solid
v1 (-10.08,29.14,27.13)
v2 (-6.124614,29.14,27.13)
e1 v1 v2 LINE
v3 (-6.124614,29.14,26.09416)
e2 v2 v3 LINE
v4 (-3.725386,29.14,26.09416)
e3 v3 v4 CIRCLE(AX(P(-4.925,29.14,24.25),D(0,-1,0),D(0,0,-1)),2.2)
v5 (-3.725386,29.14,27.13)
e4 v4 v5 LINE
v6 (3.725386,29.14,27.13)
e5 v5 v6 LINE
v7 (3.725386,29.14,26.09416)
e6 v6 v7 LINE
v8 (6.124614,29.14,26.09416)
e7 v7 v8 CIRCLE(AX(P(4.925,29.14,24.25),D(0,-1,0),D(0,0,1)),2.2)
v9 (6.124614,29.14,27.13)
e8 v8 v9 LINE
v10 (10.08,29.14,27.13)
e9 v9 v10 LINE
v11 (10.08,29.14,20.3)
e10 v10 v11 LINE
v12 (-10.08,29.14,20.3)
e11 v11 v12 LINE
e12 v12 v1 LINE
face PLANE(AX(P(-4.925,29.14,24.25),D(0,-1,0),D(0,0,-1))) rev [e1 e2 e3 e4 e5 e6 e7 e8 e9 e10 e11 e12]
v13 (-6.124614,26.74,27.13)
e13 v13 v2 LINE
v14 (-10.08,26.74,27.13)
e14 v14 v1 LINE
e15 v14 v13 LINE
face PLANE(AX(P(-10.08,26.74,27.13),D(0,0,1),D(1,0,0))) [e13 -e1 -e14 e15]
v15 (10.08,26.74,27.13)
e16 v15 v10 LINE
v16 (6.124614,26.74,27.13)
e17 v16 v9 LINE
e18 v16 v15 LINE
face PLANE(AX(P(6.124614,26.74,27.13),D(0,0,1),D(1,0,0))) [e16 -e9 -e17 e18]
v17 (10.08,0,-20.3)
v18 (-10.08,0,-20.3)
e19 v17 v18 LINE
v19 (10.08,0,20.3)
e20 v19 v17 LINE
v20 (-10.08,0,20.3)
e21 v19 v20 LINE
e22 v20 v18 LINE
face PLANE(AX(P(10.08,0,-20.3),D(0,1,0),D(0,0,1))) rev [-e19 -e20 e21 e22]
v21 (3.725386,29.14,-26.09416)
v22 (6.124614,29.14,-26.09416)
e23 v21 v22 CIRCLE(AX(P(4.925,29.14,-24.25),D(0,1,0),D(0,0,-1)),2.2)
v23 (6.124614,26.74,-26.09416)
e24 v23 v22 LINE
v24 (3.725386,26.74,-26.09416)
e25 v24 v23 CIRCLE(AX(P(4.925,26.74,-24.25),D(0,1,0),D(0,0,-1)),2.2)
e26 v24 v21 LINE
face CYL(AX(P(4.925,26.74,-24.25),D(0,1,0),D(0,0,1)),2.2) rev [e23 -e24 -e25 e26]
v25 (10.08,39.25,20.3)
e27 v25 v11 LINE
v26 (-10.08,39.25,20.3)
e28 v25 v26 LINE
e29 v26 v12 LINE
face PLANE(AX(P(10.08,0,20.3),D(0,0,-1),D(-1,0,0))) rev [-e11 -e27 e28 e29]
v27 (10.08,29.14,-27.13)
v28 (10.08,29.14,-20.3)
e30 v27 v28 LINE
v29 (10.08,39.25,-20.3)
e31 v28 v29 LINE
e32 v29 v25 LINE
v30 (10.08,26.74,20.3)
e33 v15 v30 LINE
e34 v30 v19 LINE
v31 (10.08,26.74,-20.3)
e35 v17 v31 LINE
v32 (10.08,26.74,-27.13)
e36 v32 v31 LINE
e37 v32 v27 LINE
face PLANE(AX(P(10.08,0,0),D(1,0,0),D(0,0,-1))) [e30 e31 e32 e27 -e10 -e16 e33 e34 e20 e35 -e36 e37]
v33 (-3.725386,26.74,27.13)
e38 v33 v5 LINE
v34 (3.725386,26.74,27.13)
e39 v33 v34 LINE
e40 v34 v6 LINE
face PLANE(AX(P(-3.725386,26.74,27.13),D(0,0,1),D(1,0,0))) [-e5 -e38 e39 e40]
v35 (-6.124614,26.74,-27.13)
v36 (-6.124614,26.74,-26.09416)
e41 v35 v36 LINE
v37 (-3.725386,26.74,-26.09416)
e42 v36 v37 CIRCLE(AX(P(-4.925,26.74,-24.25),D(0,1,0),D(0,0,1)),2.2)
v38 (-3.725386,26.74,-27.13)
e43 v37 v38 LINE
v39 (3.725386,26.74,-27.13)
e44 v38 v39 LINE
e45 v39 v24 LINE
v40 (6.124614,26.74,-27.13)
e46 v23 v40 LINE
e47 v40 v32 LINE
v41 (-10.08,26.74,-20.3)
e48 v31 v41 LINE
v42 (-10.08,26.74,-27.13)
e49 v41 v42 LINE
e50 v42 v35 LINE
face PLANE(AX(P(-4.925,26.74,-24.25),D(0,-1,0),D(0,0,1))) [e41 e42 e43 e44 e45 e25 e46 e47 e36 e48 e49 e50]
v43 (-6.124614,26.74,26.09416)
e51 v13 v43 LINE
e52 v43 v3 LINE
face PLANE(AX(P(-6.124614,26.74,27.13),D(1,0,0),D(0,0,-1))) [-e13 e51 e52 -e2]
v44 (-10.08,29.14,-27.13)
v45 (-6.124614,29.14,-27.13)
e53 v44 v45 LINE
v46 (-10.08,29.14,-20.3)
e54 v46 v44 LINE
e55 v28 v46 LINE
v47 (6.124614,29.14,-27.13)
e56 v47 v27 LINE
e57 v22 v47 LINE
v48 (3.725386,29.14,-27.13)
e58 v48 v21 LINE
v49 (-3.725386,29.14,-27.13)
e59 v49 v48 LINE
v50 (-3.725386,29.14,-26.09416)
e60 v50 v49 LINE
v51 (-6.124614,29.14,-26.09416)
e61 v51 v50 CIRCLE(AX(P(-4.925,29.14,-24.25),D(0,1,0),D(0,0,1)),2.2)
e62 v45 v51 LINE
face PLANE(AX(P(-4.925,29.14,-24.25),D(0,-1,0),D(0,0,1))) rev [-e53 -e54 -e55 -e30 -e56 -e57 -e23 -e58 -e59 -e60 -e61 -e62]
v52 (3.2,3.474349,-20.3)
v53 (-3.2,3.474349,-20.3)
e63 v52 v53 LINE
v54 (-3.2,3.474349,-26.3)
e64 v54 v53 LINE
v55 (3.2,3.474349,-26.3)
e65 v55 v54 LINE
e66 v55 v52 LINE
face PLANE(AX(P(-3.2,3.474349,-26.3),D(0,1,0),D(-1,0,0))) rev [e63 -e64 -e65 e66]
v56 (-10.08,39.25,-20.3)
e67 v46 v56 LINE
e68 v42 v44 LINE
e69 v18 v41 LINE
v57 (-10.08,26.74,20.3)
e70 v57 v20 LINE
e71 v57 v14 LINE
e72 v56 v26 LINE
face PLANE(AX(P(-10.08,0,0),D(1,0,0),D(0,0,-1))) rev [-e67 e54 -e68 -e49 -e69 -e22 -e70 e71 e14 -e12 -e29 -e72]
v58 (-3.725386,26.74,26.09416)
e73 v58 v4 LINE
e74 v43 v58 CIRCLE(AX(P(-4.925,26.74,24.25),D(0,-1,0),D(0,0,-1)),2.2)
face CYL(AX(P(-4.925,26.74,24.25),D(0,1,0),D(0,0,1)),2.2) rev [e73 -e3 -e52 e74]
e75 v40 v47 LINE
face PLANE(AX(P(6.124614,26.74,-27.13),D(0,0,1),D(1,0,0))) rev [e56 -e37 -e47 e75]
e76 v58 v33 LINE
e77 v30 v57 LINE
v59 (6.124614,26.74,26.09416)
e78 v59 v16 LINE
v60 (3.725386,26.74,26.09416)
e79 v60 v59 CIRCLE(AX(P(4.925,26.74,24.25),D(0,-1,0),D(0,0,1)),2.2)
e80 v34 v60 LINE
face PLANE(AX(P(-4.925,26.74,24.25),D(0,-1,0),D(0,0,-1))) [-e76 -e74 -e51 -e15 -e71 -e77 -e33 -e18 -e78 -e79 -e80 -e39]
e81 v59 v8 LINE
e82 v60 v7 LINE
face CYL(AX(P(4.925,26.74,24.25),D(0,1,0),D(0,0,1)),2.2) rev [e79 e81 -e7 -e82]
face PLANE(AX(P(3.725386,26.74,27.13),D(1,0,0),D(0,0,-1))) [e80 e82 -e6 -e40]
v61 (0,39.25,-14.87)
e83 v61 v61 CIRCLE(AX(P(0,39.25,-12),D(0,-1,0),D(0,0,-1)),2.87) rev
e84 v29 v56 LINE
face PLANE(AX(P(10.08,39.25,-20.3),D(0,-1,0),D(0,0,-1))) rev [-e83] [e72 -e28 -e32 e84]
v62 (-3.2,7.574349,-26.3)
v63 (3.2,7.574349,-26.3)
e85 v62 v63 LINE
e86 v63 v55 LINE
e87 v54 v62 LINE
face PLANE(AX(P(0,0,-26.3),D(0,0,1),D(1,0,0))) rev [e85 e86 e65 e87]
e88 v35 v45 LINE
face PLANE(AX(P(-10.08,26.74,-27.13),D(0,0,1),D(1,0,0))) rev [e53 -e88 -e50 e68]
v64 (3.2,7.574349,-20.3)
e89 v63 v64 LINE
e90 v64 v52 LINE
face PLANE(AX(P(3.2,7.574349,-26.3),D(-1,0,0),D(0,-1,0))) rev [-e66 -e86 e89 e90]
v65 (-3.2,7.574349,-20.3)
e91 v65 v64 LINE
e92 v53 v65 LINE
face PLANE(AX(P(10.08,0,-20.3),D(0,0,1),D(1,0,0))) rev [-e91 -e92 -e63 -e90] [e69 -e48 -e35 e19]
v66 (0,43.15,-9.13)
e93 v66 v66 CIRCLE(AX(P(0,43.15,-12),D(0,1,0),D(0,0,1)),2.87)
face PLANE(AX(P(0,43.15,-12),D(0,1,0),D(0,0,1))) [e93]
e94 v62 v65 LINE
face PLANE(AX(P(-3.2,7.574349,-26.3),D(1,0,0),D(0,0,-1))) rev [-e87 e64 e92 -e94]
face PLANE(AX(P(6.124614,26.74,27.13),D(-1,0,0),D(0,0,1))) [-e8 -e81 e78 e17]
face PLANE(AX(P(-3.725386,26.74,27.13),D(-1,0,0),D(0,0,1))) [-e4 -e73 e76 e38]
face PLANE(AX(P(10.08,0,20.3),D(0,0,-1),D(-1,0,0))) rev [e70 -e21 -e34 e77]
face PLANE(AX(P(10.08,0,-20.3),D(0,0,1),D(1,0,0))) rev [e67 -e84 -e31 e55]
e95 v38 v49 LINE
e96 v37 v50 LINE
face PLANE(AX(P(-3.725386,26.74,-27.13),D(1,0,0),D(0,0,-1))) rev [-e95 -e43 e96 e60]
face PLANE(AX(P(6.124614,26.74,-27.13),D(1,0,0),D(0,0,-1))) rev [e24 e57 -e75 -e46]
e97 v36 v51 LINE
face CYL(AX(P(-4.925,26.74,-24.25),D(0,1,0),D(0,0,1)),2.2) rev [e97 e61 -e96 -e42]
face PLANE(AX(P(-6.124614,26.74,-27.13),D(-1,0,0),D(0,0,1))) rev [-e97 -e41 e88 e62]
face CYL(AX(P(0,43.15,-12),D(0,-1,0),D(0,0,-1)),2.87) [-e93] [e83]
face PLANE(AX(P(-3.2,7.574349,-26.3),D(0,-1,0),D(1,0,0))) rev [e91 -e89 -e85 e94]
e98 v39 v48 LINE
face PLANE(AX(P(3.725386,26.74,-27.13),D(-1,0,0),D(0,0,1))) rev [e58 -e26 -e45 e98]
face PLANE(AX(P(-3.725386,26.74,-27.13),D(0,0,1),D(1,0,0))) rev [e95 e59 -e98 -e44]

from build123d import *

# Parameters (mm, degrees)
SKETCH1_W           = 40.6
SKETCH1_H           = 39.25
BOSS_EXTRUDE1_DEPTH = 10.08
BOSS_EXTRUDE2_DEPTH = 2.4
SKETCH3_W           = 6.4
SKETCH3_H           = 4.1
BOSS_EXTRUDE3_DEPTH = 6
SKETCH4_R           = 2.87
BOSS_EXTRUDE4_DEPTH = 3.9


with BuildPart() as part:
    # Sketch1 → Boss-Extrude1 (new, symmetric)
    with BuildSketch(Plane(origin=(0, 0, 0), x_dir=(0, 0, -1), z_dir=(1, 0, 0))):
        with Locations((0, 19.625)):
            Rectangle(SKETCH1_W, SKETCH1_H)
    extrude(amount=BOSS_EXTRUDE1_DEPTH, both=True)

    # Sketch2 → Boss-Extrude2 (add)
    with BuildSketch(Plane(origin=(0, 29.14, 0), x_dir=(1, 0, 0), z_dir=(0, 1, 0))):
        with BuildLine():
            Line((-10.08, -20.3), (10.08, -20.3))
            Line((10.08, -20.3), (10.08, -27.13))
            Line((10.08, -27.13), (6.124613606, -27.13))
            Line((6.124613606, -27.13), (6.124613606, -26.094160296))
            ThreePointArc((6.124613606, -26.094160296), (4.925, -22.05), (3.725386394, -26.094160296))
            Line((3.725386394, -26.094160296), (3.725386394, -27.13))
            Line((3.725386394, -27.13), (-3.725386394, -27.13))
            Line((-3.725386394, -27.13), (-3.725386394, -26.094160296))
            ThreePointArc((-3.725386394, -26.094160296), (-4.925, -22.05), (-6.124613606, -26.094160296))
            Line((-6.124613606, -26.094160296), (-6.124613606, -27.13))
            Line((-6.124613606, -27.13), (-10.08, -27.13))
            Line((-10.08, -27.13), (-10.08, -20.3))
        make_face()
    boss_extrude2 = extrude(amount=-BOSS_EXTRUDE2_DEPTH)

    # Mirror1: Boss-Extrude2 across plane
    add(boss_extrude2.mirror(Plane.XY))

    # Sketch3 → Boss-Extrude3 (add)
    with BuildSketch(Plane(origin=(0, 0, -20.3), x_dir=(-1, 0, 0), z_dir=(0, 0, -1))):
        with Locations((0, 5.524349408)):
            Rectangle(SKETCH3_W, SKETCH3_H)
    extrude(amount=BOSS_EXTRUDE3_DEPTH)

    # Sketch4 → Boss-Extrude4 (add)
    with BuildSketch(Plane(origin=(0, 39.25, 0), x_dir=(1, 0, 0), z_dir=(0, 1, 0))):
        with Locations(Location((0, 12, 0), (0, 0, 90))):
            Circle(SKETCH4_R)
    extrude(amount=BOSS_EXTRUDE4_DEPTH)


solid = part.part
